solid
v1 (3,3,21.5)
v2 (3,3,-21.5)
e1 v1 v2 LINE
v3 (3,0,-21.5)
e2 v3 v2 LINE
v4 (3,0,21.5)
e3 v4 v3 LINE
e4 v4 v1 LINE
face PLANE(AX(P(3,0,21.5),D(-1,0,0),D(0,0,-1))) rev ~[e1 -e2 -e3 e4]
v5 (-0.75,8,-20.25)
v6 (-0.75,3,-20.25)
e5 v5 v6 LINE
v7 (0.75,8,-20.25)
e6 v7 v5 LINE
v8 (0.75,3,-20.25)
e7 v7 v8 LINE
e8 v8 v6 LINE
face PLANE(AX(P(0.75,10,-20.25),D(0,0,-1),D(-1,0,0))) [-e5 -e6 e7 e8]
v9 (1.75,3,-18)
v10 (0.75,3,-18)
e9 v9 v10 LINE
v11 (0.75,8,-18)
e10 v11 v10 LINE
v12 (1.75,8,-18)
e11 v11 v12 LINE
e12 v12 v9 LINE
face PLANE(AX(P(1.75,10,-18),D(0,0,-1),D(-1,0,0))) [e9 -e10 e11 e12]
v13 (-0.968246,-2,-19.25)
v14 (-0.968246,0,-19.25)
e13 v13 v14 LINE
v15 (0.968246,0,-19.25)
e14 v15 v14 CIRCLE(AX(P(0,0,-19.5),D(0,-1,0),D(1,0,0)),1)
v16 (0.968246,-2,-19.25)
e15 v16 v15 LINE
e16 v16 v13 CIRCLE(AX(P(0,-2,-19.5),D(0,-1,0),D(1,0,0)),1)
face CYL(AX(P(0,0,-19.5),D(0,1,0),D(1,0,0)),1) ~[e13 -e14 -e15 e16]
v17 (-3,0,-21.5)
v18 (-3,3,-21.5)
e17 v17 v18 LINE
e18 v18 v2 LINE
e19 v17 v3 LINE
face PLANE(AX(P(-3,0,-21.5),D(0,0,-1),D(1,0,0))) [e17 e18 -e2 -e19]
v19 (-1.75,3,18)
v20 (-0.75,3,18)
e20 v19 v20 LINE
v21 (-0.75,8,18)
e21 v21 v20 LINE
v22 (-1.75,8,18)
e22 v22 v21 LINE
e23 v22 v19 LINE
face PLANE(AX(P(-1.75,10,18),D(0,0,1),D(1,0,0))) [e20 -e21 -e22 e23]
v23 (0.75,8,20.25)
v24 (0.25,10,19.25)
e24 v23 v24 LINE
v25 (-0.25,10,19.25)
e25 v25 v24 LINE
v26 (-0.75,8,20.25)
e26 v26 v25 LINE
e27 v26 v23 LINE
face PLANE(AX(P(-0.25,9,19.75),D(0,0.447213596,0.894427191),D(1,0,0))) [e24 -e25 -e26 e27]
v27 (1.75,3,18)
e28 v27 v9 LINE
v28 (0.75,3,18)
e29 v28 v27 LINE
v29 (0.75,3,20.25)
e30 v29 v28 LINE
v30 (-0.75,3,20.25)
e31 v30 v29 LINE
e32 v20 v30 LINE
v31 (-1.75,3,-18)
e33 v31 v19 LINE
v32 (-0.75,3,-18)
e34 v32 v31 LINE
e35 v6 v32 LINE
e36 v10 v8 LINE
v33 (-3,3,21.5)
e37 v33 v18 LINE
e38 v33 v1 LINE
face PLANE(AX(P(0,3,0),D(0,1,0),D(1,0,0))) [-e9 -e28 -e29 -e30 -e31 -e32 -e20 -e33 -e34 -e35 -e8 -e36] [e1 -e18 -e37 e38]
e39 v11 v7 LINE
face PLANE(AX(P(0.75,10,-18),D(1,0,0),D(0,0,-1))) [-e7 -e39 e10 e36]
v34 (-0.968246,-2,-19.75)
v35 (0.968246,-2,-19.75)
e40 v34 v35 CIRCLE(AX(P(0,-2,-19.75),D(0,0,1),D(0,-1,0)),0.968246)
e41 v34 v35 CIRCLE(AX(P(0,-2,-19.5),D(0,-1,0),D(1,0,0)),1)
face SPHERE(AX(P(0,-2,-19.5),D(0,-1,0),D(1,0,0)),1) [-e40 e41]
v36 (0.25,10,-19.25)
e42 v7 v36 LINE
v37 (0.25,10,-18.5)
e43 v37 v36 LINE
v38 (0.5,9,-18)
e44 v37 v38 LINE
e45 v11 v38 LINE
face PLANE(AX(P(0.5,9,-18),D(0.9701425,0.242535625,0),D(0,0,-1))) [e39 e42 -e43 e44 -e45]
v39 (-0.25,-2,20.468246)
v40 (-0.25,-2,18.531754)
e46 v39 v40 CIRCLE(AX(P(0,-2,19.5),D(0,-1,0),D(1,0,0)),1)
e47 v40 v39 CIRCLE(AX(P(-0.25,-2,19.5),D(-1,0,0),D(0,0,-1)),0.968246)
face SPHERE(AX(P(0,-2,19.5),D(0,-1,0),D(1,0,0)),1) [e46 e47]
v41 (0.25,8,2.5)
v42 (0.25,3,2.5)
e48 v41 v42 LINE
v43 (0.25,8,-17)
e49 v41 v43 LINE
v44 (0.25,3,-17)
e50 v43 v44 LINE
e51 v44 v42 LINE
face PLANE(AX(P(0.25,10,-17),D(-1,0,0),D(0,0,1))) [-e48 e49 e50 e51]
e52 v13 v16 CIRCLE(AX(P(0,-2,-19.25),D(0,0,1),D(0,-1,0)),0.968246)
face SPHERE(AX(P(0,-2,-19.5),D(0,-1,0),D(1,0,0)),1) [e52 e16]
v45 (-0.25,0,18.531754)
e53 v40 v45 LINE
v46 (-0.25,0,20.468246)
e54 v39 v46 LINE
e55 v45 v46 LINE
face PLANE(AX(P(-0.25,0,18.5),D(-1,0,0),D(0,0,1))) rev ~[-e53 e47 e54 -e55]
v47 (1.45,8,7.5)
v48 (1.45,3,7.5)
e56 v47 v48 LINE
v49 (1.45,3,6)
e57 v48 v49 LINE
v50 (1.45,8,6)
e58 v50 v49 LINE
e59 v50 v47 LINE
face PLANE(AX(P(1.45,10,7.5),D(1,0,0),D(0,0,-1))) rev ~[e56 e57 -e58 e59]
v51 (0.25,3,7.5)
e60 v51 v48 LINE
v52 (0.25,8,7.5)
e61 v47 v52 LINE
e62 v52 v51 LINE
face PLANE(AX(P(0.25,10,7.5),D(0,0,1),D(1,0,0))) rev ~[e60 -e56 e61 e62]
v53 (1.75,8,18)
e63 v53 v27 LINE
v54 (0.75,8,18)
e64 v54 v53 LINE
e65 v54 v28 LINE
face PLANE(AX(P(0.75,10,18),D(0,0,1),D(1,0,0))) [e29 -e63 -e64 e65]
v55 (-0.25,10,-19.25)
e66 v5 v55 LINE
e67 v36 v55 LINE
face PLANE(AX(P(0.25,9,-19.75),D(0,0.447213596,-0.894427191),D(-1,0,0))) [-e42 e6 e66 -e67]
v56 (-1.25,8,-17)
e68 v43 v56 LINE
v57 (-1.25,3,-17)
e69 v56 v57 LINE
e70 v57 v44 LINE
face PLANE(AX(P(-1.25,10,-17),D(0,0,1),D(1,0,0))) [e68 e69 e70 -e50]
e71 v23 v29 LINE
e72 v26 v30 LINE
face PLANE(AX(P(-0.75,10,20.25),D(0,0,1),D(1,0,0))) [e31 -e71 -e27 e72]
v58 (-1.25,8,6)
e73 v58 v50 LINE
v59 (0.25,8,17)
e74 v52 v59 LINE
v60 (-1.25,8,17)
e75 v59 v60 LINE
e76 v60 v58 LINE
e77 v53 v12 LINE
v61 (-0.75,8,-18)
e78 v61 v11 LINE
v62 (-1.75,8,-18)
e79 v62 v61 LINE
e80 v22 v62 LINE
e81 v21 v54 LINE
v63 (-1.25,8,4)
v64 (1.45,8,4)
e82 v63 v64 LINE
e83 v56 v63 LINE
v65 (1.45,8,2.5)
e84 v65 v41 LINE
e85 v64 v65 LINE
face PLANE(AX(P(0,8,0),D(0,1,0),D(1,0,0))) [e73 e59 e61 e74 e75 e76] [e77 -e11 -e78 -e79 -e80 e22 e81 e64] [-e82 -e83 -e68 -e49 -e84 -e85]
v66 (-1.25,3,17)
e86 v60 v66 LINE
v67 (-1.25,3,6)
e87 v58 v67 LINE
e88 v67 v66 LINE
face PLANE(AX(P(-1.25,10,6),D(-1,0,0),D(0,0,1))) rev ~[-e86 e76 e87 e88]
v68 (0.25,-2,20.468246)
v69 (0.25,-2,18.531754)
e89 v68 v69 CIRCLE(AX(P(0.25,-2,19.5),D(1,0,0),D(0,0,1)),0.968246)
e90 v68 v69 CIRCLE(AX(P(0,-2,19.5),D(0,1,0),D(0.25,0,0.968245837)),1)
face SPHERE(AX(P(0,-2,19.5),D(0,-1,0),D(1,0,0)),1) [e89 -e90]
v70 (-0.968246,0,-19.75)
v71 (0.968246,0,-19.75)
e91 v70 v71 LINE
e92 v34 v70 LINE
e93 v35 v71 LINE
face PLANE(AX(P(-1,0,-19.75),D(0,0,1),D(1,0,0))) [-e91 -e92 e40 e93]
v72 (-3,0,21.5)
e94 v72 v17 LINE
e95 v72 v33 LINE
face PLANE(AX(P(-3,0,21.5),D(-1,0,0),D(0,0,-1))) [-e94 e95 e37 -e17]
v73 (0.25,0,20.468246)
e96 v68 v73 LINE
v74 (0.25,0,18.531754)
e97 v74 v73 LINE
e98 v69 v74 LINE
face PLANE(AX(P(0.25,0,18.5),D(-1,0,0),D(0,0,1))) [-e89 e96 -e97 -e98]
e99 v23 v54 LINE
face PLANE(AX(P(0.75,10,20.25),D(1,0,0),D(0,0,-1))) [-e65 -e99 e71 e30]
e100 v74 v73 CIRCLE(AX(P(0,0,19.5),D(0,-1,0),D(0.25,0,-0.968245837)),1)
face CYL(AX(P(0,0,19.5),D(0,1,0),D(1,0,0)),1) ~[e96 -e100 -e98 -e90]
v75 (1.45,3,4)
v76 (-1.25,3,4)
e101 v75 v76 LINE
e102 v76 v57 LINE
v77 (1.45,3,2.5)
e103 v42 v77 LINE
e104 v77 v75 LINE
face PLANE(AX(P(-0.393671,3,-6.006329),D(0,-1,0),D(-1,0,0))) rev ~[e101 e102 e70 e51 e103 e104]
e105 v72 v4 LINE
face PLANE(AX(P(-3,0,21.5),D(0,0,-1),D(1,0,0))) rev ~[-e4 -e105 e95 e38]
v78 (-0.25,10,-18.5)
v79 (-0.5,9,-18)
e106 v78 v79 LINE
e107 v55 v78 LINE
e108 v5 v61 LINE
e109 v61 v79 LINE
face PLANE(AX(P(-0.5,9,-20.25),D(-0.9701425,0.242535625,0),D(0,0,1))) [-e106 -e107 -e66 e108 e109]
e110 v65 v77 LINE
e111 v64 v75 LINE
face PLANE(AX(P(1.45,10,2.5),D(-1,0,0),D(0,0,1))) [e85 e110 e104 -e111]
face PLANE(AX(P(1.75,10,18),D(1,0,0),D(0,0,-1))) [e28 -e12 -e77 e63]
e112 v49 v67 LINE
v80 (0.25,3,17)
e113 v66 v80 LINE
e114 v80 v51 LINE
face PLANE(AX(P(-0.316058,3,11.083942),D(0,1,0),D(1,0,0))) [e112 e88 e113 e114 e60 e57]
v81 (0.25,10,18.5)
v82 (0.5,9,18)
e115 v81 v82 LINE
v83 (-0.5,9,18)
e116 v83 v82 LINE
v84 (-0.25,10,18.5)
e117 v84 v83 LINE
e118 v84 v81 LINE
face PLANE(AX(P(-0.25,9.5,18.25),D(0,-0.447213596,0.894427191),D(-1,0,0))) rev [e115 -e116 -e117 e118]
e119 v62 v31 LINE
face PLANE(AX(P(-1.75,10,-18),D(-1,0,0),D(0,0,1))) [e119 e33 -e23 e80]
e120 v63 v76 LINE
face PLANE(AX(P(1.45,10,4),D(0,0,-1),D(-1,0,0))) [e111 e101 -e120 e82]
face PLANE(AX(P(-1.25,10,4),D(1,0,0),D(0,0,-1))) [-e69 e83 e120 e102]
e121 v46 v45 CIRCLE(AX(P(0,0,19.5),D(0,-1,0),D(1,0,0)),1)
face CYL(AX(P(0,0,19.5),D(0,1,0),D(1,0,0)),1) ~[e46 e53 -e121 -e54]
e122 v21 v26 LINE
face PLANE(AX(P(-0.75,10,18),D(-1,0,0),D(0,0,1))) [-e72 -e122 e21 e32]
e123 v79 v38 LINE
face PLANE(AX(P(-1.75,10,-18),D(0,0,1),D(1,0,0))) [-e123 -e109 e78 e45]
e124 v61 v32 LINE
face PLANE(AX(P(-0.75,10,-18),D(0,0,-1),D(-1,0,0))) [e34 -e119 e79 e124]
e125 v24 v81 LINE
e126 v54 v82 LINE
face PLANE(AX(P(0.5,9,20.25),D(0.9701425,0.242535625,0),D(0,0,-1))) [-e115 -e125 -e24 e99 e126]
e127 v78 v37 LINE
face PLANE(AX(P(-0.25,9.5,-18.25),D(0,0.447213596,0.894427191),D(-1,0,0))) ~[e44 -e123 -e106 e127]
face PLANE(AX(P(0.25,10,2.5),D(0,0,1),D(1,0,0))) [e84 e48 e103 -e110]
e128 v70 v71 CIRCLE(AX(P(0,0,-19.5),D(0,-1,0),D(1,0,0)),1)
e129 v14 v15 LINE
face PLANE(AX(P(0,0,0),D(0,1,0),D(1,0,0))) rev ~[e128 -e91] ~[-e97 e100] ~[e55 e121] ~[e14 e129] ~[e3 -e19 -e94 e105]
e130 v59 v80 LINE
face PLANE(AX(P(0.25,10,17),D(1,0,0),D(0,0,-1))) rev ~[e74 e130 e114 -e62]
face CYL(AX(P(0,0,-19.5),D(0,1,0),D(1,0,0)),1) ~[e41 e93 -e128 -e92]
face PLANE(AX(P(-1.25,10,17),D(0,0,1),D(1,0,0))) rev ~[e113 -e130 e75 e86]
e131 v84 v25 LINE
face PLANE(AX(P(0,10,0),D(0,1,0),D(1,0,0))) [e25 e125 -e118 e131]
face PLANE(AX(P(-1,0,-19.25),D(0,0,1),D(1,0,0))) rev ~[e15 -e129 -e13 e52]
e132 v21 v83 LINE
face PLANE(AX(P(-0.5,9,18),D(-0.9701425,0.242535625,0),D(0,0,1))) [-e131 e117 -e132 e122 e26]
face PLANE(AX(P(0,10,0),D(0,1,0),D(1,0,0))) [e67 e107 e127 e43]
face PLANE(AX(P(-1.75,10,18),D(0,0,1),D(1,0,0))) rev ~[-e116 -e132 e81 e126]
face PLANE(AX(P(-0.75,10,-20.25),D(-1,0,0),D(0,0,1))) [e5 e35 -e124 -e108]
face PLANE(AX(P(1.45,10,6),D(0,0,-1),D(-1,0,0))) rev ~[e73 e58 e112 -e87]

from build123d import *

# Parameters (mm, degrees)
SKETCH_1_W             = 6
SKETCH_1_H             = 43
EXTRUDE_1_DEPTH        = 10
SKETCH_3_R             = 1
EXTRUDE_2_DEPTH        = 3
FILLET_1_R             = 1
SKETCH_4_W             = 0.5
SKETCH_4_H             = 2
SKETCH_4_W_2           = 2
SKETCH_4_H_2           = 0.5
CUT_EXTRUDE_1_DEPTH    = 4
SKETCH_5_OUTSIDE_W     = 17.062
SKETCH_5_OUTSIDE_H     = 54.062
CUT_EXTRUDE_2_DEPTH    = 7
CUT_EXTRUDE_3_DEPTH    = 7
SKETCH_7_W             = 3.5
SKETCH_7_H             = 36
CUT_EXTRUDE_4_DEPTH    = 2
CHAMFER_1_SIZE         = 2
CHAMFER_1_SIZE2        = 0.5
CHAMFER_1_PART_2_SIZE  = 2
CHAMFER_1_PART_2_SIZE2 = 0.5
CHAMFER_2_SIZE         = 2
CHAMFER_2_SIZE2        = 0.5
CHAMFER_2_PART_2_SIZE  = 2
CHAMFER_2_PART_2_SIZE2 = 0.5
CHAMFER_3_SIZE         = 2
CHAMFER_3_SIZE2        = 1
CHAMFER_3_PART_2_SIZE  = 2
CHAMFER_3_PART_2_SIZE2 = 1
CHAMFER_4_SIZE         = 0.5
CHAMFER_4_SIZE2        = 1
CHAMFER_4_PART_2_SIZE  = 0.5
CHAMFER_4_PART_2_SIZE2 = 1


with BuildPart() as part:
    # 草图1 → 凸台-拉伸1 (new body)
    with BuildSketch(Plane(origin=(0, 0, 0), x_dir=(1, 0, 0), z_dir=(0, 1, 0))):
        Rectangle(SKETCH_1_W, SKETCH_1_H)
    extrude(amount=EXTRUDE_1_DEPTH)

    # 草图3 → 凸台-拉伸2 (add)
    with BuildSketch(Plane.XZ):
        with Locations((0, 19.5)):
            Circle(SKETCH_3_R)
        with Locations((0, -19.5)):
            Circle(SKETCH_3_R)
    extrude(amount=EXTRUDE_2_DEPTH)

    # 圆角1
    fillet_1_edges = [part.edges().sort_by_distance(p)[0] for p in [
        (-1, -3, 19.5),
        (-1, -3, -19.5),
    ]]
    fillet(fillet_1_edges, radius=FILLET_1_R)

    # 草图4 → 切除-拉伸1 (cut, through all)
    with BuildSketch(Plane.XZ):
        with Locations((0, 19.5)):
            Rectangle(SKETCH_4_W, SKETCH_4_H)
        with Locations((0, -19.5)):
            Rectangle(SKETCH_4_W_2, SKETCH_4_H_2)
    extrude(amount=CUT_EXTRUDE_1_DEPTH, mode=Mode.SUBTRACT)

    # 草图5 outside → 切除-拉伸2 (cut)
    with BuildSketch(Plane(origin=(0, 10, 0), x_dir=(1, 0, 0), z_dir=(0, 1, 0))):
        Rectangle(SKETCH_5_OUTSIDE_W, SKETCH_5_OUTSIDE_H)
        Polygon((-0.75, -20.25), (0.75, -20.25), (0.75, -18), (1.75, -18), (1.75, 18), (0.75, 18), (0.75, 20.25), (-0.75, 20.25), (-0.75, 18), (-1.75, 18), (-1.75, -18), (-0.75, -18), align=None, mode=Mode.SUBTRACT)
    extrude(amount=-CUT_EXTRUDE_2_DEPTH, mode=Mode.SUBTRACT)

    # 草图6 → 切除-拉伸3 (cut)
    with BuildSketch(Plane(origin=(0, 10, 0), x_dir=(1, 0, 0), z_dir=(0, 1, 0))):
        Polygon((-1.25, 17), (0.25, 17), (0.25, -2.5), (1.45, -2.5), (1.45, -4), (-1.25, -4), align=None)
        Polygon((-1.25, -17), (0.25, -17), (0.25, -7.5), (1.45, -7.5), (1.45, -6), (-1.25, -6), align=None)
    extrude(amount=-CUT_EXTRUDE_3_DEPTH, mode=Mode.SUBTRACT)

    # 草图7 → 切除-拉伸4 (cut)
    with BuildSketch(Plane(origin=(0, 10, 0), x_dir=(1, 0, 0), z_dir=(0, 1, 0))):
        Rectangle(SKETCH_7_W, SKETCH_7_H)
    extrude(amount=-CUT_EXTRUDE_4_DEPTH, mode=Mode.SUBTRACT)

    # 倒角1
    chamfer_1_edges = [part.edges().sort_by_distance(p)[0] for p in [
        (0.75, 10, -19.125),
    ]]
    chamfer_1_side = [part.faces().sort_by_distance(p)[0] for p in [
        (0.75, 6.5, -19.125),
    ]]
    chamfer(chamfer_1_edges, length=CHAMFER_1_SIZE, length2=CHAMFER_1_SIZE2, reference=chamfer_1_side[0])

    # 倒角1 part 2
    chamfer_1_part_2_edges = [part.edges().sort_by_distance(p)[0] for p in [
        (-0.75, 10, -19.125),
    ]]
    chamfer_1_part_2_side = [part.faces().sort_by_distance(p)[0] for p in [
        (-0.75, 6.5, -19.125),
    ]]
    chamfer(chamfer_1_part_2_edges, length=CHAMFER_1_PART_2_SIZE, length2=CHAMFER_1_PART_2_SIZE2, reference=chamfer_1_part_2_side[0])

    # 倒角2
    chamfer_2_edges = [part.edges().sort_by_distance(p)[0] for p in [
        (0.75, 10, 19.125),
    ]]
    chamfer_2_side = [part.faces().sort_by_distance(p)[0] for p in [
        (0.75, 6.5, 19.125),
    ]]
    chamfer(chamfer_2_edges, length=CHAMFER_2_SIZE, length2=CHAMFER_2_SIZE2, reference=chamfer_2_side[0])

    # 倒角2 part 2
    chamfer_2_part_2_edges = [part.edges().sort_by_distance(p)[0] for p in [
        (-0.75, 10, 19.125),
    ]]
    chamfer_2_part_2_side = [part.faces().sort_by_distance(p)[0] for p in [
        (-0.75, 6.5, 19.125),
    ]]
    chamfer(chamfer_2_part_2_edges, length=CHAMFER_2_PART_2_SIZE, length2=CHAMFER_2_PART_2_SIZE2, reference=chamfer_2_part_2_side[0])

    # 倒角3
    chamfer_3_edges = [part.edges().sort_by_distance(p)[0] for p in [
        (0, 10, -20.25),
    ]]
    chamfer_3_side = [part.faces().sort_by_distance(p)[0] for p in [
        (0, 6.201754386, -20.25),
    ]]
    chamfer(chamfer_3_edges, length=CHAMFER_3_SIZE, length2=CHAMFER_3_SIZE2, reference=chamfer_3_side[0])

    # 倒角3 part 2
    chamfer_3_part_2_edges = [part.edges().sort_by_distance(p)[0] for p in [
        (0, 10, 20.25),
    ]]
    chamfer_3_part_2_side = [part.faces().sort_by_distance(p)[0] for p in [
        (0, 6.201754386, 20.25),
    ]]
    chamfer(chamfer_3_part_2_edges, length=CHAMFER_3_PART_2_SIZE, length2=CHAMFER_3_PART_2_SIZE2, reference=chamfer_3_part_2_side[0])

    # 倒角4
    chamfer_4_edges = [part.edges().sort_by_distance(p)[0] for p in [
        (0, 10, -18),
    ]]
    chamfer_4_side = [part.faces().sort_by_distance(p)[0] for p in [
        (0, 10, -18.625),
    ]]
    chamfer(chamfer_4_edges, length=CHAMFER_4_SIZE, length2=CHAMFER_4_SIZE2, reference=chamfer_4_side[0])

    # 倒角4 part 2
    chamfer_4_part_2_edges = [part.edges().sort_by_distance(p)[0] for p in [
        (0, 10, 18),
    ]]
    chamfer_4_part_2_side = [part.faces().sort_by_distance(p)[0] for p in [
        (0, 10, 18.625),
    ]]
    chamfer(chamfer_4_part_2_edges, length=CHAMFER_4_PART_2_SIZE, length2=CHAMFER_4_PART_2_SIZE2, reference=chamfer_4_part_2_side[0])


solid = part.part
